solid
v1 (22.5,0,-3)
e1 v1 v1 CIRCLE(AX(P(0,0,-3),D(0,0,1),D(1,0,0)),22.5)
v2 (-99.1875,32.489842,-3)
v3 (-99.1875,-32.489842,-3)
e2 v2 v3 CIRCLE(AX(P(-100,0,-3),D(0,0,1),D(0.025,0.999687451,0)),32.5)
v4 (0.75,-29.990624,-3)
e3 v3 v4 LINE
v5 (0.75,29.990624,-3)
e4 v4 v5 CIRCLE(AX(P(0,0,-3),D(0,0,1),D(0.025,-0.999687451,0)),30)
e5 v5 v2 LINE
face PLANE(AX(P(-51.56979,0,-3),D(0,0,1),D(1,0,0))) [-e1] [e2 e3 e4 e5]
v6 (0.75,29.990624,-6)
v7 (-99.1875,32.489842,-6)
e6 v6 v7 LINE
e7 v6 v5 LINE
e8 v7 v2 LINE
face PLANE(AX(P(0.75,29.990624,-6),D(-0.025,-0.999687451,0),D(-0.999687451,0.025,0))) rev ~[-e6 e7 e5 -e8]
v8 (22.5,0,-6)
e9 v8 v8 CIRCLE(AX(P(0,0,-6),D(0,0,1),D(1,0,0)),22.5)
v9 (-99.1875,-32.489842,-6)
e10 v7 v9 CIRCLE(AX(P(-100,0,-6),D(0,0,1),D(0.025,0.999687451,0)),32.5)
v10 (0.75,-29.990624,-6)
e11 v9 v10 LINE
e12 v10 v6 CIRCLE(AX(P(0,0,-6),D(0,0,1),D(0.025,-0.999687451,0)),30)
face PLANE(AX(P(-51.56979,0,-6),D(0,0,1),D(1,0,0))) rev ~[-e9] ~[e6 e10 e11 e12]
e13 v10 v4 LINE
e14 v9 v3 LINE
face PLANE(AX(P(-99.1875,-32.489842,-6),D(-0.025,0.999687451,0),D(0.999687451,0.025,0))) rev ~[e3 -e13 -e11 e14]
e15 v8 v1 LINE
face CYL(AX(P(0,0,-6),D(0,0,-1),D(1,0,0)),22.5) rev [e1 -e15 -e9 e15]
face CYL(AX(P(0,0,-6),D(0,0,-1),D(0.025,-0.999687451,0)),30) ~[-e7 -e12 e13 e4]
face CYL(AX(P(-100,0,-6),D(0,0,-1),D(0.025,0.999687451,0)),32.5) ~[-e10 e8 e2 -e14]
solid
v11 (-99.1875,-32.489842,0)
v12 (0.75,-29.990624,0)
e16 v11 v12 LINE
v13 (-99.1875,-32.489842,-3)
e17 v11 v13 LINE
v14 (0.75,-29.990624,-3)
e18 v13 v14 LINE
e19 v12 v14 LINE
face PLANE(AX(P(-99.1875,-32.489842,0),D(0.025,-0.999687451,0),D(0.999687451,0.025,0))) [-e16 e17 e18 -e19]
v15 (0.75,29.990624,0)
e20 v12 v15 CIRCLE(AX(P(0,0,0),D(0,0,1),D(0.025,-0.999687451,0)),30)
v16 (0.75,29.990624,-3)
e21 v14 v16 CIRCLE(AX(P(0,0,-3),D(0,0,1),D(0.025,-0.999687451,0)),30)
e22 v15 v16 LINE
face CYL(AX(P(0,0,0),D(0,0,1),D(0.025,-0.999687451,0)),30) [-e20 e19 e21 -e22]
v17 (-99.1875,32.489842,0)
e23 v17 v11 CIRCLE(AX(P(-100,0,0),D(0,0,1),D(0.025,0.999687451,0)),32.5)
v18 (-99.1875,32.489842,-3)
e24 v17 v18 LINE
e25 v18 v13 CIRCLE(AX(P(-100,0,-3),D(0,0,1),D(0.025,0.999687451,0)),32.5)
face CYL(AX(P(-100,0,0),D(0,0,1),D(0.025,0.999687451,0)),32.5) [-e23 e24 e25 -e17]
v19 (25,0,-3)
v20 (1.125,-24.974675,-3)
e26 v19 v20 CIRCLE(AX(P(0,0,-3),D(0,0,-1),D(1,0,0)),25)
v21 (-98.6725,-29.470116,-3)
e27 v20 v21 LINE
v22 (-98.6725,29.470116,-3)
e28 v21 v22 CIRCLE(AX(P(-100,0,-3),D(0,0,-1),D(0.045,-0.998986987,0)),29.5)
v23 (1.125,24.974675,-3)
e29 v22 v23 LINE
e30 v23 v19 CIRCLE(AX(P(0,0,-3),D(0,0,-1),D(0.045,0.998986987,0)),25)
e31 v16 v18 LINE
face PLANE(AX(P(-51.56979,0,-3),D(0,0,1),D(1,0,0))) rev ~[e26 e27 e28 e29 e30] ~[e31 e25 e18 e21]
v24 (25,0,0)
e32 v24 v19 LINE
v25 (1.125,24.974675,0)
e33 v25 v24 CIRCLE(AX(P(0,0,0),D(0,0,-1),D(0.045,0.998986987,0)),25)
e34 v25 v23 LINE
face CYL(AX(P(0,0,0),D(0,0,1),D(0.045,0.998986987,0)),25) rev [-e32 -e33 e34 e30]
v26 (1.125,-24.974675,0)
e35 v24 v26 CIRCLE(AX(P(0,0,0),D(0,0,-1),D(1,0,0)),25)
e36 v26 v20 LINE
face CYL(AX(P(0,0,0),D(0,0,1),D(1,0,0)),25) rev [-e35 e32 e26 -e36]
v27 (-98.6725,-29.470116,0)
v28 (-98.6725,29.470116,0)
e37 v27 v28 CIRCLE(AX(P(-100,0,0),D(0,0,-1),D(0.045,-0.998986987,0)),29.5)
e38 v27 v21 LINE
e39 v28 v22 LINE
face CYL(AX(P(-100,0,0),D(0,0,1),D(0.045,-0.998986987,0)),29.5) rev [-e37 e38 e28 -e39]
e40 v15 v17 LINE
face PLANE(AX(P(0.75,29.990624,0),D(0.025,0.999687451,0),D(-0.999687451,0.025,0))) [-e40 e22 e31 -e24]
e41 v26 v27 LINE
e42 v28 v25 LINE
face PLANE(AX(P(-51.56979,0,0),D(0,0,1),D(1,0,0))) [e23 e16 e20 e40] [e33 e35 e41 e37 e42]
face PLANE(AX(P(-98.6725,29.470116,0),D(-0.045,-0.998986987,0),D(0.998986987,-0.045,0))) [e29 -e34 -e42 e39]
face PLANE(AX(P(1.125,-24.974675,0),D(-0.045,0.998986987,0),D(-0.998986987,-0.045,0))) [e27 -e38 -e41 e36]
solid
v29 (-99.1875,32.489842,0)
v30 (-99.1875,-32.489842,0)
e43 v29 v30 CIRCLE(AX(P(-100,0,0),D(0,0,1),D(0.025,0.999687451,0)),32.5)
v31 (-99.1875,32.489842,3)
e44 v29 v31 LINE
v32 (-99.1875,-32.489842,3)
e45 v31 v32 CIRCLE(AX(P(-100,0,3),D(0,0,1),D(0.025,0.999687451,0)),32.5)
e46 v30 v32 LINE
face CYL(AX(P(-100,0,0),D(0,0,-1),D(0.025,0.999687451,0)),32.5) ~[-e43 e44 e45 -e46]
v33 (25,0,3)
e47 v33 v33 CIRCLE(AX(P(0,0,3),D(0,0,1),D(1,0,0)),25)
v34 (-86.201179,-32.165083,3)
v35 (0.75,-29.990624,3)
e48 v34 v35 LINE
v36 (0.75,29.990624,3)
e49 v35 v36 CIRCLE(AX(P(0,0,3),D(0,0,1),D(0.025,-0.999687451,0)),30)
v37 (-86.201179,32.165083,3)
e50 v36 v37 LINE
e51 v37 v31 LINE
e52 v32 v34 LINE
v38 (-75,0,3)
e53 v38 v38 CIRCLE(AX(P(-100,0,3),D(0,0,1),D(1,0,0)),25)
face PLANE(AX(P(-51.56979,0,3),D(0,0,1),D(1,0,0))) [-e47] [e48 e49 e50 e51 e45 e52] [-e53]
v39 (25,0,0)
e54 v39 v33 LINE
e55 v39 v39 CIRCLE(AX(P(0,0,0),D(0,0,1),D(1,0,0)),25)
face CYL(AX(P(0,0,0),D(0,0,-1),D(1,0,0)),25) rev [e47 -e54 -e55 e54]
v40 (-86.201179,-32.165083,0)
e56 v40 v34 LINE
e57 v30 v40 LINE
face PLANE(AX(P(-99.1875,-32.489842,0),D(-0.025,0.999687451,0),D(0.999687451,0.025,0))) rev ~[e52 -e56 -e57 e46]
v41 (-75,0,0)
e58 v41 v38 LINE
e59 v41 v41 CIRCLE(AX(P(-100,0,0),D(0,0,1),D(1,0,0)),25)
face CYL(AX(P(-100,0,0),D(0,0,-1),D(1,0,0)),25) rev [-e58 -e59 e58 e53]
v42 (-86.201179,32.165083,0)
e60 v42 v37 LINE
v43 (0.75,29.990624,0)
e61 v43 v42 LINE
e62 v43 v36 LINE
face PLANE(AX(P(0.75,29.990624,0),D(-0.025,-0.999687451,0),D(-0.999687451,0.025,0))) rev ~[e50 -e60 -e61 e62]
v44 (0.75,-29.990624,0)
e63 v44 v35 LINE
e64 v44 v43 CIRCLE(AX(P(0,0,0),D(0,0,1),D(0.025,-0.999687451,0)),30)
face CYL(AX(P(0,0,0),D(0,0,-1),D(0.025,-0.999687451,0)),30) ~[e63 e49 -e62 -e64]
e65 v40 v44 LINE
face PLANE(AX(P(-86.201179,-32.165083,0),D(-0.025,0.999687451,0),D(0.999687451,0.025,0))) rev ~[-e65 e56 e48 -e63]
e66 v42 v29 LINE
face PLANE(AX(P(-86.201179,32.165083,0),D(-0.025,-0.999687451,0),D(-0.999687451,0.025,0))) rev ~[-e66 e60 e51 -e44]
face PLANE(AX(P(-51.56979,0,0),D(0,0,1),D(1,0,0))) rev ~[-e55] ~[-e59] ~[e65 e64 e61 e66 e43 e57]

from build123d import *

# Parameters (mm, degrees)
F1_R     = 25
F5_DEPTH = 3
F6_DEPTH = 3
F4_R     = 22.5
F7_DEPTH = 3


with BuildPart() as f5:
    # F1 (on Top) → F5 (new body)
    with BuildSketch(Plane.XY):
        with BuildLine():
            Line((0.75, 29.9906235347), (-86.2011790718, 32.1650826362))
            Line((-86.2011790718, 32.1650826362), (-99.1875, 32.4898421626))
            ThreePointArc((-99.1875, 32.4898421626), (-132.5, 0), (-99.1875, -32.4898421626))
            Line((-99.1875, -32.4898421626), (-86.2011790718, -32.1650826362))
            Line((-86.2011790718, -32.1650826362), (0.75, -29.9906235347))
            ThreePointArc((0.75, -29.9906235347), (30, 0), (0.75, 29.9906235347))
        make_face()
        with Locations((-100, 0)):
            Circle(F1_R, mode=Mode.SUBTRACT)
        Circle(F1_R, mode=Mode.SUBTRACT)
    extrude(amount=F5_DEPTH)


with BuildPart() as f6:
    # F2 (on Top) → F6 (new body)
    with BuildSketch(Plane.XY):
        with BuildLine():
            Line((0.75, 29.9906235347), (-99.1875, 32.4898421626))
            ThreePointArc((-99.1875, 32.4898421626), (-132.5, 0), (-99.1875, -32.4898421626))
            Line((-99.1875, -32.4898421626), (0.75, -29.9906235347))
            ThreePointArc((0.75, -29.9906235347), (30, 0), (0.75, 29.9906235347))
        make_face()
        with BuildLine():
            ThreePointArc((-98.6725, -29.4701161136), (-129.5, 0), (-98.6725, 29.4701161136))
            Line((-98.6725, 29.4701161136), (1.125, 24.9746746726))
            ThreePointArc((1.125, 24.9746746726), (18.0710403685, 17.2753437014), (25, 0))
            ThreePointArc((25, 0), (18.0710403685, -17.2753437014), (1.125, -24.9746746726))
            Line((1.125, -24.9746746726), (-98.6725, -29.4701161136))
        make_face(mode=Mode.SUBTRACT)
    extrude(amount=-F6_DEPTH)


with BuildPart() as f7:
    # F4 (on offset) → F7 (new body)
    with BuildSketch(Plane.XY.offset(-6)):
        with BuildLine():
            Line((0.75, 29.9906235347), (-99.1875, 32.4898421626))
            ThreePointArc((-99.1875, 32.4898421626), (-132.5, 0), (-99.1875, -32.4898421626))
            Line((-99.1875, -32.4898421626), (0.75, -29.9906235347))
            ThreePointArc((0.75, -29.9906235347), (30, 0), (0.75, 29.9906235347))
        make_face()
        Circle(F4_R, mode=Mode.SUBTRACT)
    extrude(amount=F7_DEPTH)


solid = Compound([f5.part, f6.part, f7.part])
